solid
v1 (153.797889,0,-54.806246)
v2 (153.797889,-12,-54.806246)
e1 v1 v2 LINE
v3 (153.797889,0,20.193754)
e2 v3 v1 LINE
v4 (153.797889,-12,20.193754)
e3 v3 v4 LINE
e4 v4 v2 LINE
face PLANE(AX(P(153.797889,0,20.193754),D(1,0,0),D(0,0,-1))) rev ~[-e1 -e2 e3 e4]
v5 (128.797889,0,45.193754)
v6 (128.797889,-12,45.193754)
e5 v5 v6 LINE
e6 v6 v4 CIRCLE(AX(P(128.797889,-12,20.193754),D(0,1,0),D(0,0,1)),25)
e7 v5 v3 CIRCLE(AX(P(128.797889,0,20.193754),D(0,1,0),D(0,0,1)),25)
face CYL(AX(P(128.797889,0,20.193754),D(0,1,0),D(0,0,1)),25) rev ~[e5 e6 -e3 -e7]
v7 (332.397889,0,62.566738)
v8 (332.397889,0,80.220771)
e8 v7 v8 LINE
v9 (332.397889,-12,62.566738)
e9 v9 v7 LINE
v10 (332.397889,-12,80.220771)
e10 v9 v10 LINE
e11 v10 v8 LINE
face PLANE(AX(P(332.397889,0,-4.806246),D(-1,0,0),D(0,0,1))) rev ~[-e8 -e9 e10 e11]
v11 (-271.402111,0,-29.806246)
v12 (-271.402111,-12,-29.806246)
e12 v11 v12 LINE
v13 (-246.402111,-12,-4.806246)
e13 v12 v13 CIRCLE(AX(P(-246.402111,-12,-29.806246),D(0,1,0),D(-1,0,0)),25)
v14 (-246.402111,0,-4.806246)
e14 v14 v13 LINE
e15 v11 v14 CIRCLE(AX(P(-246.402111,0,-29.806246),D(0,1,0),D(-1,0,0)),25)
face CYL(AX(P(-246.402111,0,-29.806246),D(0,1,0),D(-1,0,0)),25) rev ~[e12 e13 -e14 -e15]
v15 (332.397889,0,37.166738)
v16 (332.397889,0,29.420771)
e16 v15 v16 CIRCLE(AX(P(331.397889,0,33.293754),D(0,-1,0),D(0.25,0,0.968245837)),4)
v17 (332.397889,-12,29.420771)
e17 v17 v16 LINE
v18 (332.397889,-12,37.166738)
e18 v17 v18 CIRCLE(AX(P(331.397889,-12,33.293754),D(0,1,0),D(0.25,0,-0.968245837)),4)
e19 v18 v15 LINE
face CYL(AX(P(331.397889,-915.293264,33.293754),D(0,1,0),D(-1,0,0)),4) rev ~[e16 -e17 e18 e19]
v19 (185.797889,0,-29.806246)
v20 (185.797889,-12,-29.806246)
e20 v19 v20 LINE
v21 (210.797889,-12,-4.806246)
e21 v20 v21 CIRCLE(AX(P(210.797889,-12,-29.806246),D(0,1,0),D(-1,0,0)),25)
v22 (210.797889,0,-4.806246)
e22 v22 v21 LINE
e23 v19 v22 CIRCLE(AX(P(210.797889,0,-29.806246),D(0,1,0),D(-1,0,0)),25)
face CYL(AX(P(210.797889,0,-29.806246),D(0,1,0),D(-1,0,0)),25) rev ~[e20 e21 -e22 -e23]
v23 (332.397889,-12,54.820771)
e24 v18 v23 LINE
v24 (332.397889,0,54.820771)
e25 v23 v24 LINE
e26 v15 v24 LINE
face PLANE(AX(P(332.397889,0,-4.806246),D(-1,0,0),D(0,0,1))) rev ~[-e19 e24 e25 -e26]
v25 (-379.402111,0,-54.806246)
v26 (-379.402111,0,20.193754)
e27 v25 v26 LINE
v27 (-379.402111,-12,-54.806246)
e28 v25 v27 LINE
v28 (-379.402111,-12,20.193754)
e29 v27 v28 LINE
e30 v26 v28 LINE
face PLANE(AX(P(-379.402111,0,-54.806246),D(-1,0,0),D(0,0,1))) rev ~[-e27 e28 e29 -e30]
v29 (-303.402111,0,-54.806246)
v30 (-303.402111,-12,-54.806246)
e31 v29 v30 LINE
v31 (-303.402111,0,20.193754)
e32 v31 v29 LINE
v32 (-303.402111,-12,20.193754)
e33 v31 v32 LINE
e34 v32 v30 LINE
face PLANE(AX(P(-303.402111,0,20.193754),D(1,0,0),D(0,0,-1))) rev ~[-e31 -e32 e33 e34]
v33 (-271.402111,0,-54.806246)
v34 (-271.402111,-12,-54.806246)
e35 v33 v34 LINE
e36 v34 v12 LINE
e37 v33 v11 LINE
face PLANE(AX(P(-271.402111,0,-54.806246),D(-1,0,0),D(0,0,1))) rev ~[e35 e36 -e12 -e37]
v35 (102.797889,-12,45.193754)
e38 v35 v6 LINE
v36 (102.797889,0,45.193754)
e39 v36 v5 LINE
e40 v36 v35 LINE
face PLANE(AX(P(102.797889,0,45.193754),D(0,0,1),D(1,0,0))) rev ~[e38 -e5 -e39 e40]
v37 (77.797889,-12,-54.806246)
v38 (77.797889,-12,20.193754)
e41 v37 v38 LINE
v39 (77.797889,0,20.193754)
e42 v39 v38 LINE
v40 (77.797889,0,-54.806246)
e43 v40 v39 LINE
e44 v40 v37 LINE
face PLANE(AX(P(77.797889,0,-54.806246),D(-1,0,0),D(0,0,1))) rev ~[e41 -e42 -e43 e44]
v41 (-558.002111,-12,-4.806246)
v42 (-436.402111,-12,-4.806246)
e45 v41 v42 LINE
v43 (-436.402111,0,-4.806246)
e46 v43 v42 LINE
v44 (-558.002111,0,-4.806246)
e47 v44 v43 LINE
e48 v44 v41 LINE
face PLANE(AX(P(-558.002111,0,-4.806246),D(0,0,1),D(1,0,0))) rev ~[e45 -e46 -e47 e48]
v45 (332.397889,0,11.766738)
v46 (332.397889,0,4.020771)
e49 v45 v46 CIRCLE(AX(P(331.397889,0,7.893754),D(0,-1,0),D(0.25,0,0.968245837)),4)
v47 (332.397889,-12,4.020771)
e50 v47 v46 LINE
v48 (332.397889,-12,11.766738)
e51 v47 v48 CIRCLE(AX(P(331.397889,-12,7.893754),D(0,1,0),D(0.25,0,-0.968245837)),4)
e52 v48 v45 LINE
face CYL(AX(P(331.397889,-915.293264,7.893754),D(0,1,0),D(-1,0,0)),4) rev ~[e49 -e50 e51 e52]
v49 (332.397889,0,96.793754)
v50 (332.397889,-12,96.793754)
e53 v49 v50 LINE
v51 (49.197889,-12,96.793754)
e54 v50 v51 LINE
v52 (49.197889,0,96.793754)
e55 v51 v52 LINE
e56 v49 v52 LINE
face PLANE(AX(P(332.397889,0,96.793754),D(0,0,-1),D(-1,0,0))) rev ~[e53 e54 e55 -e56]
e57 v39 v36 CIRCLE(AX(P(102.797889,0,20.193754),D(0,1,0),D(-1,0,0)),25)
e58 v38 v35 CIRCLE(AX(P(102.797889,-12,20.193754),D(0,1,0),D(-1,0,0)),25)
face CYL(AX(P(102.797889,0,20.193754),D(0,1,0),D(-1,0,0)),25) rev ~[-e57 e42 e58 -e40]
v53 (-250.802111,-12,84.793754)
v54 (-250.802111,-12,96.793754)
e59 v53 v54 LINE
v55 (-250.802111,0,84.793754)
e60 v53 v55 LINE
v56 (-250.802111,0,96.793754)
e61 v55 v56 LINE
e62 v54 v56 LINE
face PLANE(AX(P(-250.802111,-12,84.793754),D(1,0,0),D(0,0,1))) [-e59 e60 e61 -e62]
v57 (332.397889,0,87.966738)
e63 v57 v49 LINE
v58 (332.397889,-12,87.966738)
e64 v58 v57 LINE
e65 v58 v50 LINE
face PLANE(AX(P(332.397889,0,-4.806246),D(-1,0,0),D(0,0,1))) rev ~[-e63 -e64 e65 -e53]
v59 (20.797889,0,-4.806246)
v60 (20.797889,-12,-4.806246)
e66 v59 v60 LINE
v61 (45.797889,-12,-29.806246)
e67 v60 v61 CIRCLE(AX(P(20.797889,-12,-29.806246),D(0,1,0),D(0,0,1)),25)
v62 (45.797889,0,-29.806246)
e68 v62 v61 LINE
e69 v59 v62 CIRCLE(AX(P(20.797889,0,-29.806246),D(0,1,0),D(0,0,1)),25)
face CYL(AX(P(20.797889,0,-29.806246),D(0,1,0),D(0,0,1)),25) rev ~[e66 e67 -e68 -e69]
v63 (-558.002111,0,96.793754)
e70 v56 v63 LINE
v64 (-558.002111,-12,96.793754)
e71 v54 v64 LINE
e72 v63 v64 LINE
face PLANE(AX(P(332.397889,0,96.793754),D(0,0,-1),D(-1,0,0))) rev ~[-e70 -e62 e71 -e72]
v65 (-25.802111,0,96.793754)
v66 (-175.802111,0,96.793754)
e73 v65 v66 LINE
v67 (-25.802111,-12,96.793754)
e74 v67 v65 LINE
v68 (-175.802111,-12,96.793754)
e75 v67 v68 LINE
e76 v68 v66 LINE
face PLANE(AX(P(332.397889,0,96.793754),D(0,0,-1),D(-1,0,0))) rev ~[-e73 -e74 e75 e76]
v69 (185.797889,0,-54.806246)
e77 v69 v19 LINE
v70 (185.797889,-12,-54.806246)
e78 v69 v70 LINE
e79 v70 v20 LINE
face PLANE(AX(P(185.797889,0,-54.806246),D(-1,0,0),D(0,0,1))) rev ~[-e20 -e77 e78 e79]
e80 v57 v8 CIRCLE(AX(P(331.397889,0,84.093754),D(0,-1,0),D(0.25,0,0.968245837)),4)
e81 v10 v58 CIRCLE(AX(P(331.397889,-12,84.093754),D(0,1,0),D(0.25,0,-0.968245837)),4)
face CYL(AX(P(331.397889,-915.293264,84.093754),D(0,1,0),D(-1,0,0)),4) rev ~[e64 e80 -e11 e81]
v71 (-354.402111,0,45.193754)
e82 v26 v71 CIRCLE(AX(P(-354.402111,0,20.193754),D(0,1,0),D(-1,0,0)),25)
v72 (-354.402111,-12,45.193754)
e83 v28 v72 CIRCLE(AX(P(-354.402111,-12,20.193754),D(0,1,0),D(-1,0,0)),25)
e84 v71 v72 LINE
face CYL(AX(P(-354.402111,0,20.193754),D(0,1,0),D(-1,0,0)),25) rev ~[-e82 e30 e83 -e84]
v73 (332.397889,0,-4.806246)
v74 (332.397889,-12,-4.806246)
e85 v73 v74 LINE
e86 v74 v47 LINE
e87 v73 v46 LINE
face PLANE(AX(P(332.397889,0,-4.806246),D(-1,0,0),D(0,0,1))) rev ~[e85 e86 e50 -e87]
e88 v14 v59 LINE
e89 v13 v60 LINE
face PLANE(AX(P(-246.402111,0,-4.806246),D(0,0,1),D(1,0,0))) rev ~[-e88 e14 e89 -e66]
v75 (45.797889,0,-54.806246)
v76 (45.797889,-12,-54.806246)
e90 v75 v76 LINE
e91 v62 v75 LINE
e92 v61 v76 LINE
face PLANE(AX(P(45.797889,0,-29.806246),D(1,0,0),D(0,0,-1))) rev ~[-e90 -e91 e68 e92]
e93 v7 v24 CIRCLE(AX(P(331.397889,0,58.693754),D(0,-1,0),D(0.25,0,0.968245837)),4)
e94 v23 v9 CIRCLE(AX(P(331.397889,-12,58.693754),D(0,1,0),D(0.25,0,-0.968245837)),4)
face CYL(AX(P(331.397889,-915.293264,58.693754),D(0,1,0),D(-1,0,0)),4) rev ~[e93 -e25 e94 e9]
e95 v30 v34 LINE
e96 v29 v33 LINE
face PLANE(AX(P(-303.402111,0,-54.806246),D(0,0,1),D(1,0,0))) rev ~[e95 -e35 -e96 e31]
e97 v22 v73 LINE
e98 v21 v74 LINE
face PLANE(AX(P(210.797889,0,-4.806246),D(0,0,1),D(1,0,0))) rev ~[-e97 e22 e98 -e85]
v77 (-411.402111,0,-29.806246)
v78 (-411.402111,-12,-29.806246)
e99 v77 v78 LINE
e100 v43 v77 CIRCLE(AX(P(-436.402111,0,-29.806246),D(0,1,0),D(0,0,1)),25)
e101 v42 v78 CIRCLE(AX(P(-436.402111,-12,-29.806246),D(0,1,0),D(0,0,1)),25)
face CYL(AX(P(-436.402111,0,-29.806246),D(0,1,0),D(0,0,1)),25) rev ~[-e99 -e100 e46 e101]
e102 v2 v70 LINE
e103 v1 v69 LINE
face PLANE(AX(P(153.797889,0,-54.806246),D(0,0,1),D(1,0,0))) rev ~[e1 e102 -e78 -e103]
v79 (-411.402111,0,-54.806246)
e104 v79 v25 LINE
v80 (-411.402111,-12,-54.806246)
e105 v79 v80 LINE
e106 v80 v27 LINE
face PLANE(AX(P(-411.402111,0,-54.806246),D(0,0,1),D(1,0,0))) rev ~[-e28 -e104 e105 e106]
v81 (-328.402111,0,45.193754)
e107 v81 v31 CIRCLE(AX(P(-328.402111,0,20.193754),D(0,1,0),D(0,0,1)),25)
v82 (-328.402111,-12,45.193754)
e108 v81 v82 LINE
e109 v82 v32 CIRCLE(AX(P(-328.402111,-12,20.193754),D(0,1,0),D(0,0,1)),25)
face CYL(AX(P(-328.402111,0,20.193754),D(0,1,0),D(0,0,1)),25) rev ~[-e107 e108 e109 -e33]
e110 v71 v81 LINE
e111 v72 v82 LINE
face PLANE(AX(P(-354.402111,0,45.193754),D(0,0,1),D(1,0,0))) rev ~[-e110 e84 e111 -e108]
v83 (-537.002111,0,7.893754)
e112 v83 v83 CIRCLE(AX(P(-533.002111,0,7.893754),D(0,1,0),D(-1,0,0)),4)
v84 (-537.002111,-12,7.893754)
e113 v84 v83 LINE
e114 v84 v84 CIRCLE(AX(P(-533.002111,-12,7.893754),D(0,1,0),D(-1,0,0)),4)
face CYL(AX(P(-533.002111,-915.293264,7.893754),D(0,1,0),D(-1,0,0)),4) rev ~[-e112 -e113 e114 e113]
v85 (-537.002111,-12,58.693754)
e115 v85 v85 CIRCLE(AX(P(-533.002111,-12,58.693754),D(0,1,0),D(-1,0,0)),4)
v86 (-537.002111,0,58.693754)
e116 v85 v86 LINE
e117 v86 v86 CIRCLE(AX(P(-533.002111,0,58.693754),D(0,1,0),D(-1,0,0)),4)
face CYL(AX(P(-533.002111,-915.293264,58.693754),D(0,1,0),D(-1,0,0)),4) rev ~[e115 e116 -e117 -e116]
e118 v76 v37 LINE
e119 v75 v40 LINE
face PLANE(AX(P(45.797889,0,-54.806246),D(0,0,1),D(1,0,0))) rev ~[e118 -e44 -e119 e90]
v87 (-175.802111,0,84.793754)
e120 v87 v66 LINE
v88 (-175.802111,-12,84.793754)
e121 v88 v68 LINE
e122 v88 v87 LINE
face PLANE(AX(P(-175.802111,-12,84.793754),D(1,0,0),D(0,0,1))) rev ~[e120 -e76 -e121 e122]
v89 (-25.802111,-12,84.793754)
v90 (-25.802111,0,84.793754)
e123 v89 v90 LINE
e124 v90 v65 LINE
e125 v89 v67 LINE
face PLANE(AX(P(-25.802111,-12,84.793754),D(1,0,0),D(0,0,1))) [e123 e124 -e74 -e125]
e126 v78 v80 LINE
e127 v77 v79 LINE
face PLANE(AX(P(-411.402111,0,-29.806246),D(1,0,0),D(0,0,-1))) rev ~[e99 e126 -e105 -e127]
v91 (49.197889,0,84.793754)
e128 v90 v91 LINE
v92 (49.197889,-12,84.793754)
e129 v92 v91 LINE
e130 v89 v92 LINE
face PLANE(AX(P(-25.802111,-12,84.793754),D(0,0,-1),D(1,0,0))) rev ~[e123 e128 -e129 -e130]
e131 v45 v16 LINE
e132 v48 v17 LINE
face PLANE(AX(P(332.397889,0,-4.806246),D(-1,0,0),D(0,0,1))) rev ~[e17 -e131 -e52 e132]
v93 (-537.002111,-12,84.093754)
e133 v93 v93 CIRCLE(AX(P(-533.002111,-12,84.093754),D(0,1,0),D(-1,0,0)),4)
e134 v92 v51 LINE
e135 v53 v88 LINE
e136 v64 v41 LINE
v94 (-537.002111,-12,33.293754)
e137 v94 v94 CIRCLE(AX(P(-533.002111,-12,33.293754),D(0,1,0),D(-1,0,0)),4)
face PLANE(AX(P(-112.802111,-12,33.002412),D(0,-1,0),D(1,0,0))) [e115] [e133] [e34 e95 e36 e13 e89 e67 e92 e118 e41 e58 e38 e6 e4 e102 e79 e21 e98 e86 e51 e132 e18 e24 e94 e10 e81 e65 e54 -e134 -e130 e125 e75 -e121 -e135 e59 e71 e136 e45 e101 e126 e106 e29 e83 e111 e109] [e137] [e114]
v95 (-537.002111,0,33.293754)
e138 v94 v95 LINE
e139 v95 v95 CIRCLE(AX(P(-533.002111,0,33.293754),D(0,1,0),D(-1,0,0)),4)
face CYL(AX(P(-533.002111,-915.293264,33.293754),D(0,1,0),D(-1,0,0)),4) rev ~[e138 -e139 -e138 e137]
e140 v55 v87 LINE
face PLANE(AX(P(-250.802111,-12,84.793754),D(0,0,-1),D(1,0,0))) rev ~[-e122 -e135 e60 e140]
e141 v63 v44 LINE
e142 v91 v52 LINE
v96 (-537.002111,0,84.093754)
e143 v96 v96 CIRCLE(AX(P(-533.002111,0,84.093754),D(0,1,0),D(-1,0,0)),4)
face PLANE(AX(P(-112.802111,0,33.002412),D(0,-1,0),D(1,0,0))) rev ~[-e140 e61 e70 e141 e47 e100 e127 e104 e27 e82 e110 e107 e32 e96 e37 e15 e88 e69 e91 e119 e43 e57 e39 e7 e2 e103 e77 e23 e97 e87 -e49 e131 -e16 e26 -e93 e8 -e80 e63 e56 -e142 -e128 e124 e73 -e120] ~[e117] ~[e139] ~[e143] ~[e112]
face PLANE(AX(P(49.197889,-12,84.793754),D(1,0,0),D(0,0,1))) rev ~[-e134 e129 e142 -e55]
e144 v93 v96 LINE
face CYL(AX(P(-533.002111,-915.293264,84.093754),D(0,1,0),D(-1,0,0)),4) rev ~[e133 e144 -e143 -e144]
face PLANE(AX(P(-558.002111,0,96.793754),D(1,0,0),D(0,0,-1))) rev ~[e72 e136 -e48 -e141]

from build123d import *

# Parameters (mm, degrees)
F1_DEPTH = 12
F3_D     = 8
F4_W     = 75
F4_H     = 12
F5_DEPTH = 25


with BuildPart() as f1:
    # F0 (on Front) → F1 (new body)
    with BuildSketch(Plane.XZ):
        with BuildLine():
            Line((332.3978893597, 96.7937542379), (-558.0021106403, 96.7937542379))
            Line((-558.0021106403, 96.7937542379), (-558.0021106403, -4.8062457621))
            Line((-558.0021106403, -4.8062457621), (-436.4021106403, -4.8062457621))
            ThreePointArc((-436.4021106403, -4.8062457621), (-418.7244411107, -12.1285762324), (-411.4021106403, -29.8062457621))
            Line((-411.4021106403, -29.8062457621), (-411.4021106403, -54.8062457621))
            Line((-411.4021106403, -54.8062457621), (-379.4021106403, -54.8062457621))
            Line((-379.4021106403, -54.8062457621), (-379.4021106403, 20.1937542379))
            ThreePointArc((-379.4021106403, 20.1937542379), (-372.07978017, 37.8714237676), (-354.4021106403, 45.1937542379))
            Line((-354.4021106403, 45.1937542379), (-328.4021106403, 45.1937542379))
            ThreePointArc((-328.4021106403, 45.1937542379), (-310.7244411107, 37.8714237676), (-303.4021106403, 20.1937542379))
            Line((-303.4021106403, 20.1937542379), (-303.4021106403, -54.8062457621))
            Line((-303.4021106403, -54.8062457621), (-271.4021106403, -54.8062457621))
            Line((-271.4021106403, -54.8062457621), (-271.4021106403, -29.8062457621))
            ThreePointArc((-271.4021106403, -29.8062457621), (-264.07978017, -12.1285762324), (-246.4021106403, -4.8062457621))
            Line((-246.4021106403, -4.8062457621), (20.7978893597, -4.8062457621))
            ThreePointArc((20.7978893597, -4.8062457621), (38.4755588893, -12.1285762324), (45.7978893597, -29.8062457621))
            Line((45.7978893597, -29.8062457621), (45.7978893597, -54.8062457621))
            Line((45.7978893597, -54.8062457621), (77.7978893597, -54.8062457621))
            Line((77.7978893597, -54.8062457621), (77.7978893597, 20.1937542379))
            ThreePointArc((77.7978893597, 20.1937542379), (85.12021983, 37.8714237676), (102.7978893597, 45.1937542379))
            Line((102.7978893597, 45.1937542379), (128.7978893597, 45.1937542379))
            ThreePointArc((128.7978893597, 45.1937542379), (146.4755588893, 37.8714237676), (153.7978893597, 20.1937542379))
            Line((153.7978893597, 20.1937542379), (153.7978893597, -54.8062457621))
            Line((153.7978893597, -54.8062457621), (185.7978893597, -54.8062457621))
            Line((185.7978893597, -54.8062457621), (185.7978893597, -29.8062457621))
            ThreePointArc((185.7978893597, -29.8062457621), (193.12021983, -12.1285762324), (210.7978893597, -4.8062457621))
            Line((210.7978893597, -4.8062457621), (332.3978893597, -4.8062457621))
            Line((332.3978893597, -4.8062457621), (332.3978893597, 96.7937542379))
        make_face()
    extrude(amount=F1_DEPTH)

    # F3 (through all)
    with Locations(Plane.XZ.offset(12)):
        with Locations((-533.0021106403, 84.0937542379), (-533.0021106403, 58.6937542379), (-533.0021106403, 33.2937542379), (-533.0021106403, 7.8937542379), (331.3978893597, 84.0937542379), (331.3978893597, 58.6937542379), (331.3978893597, 33.2937542379), (331.3978893597, 7.8937542379)):
            Hole(F3_D / 2)

    # F4 (on face) → F5 (cut)
    with BuildSketch(Plane.XZ.offset(12)):
        with Locations((-213.3021106403, 90.7937542379)):
            Rectangle(F4_W, F4_H)
        with Locations((11.6978893597, 90.7937542379)):
            Rectangle(F4_W, F4_H)
    extrude(amount=-F5_DEPTH, mode=Mode.SUBTRACT)


solid = f1.part
